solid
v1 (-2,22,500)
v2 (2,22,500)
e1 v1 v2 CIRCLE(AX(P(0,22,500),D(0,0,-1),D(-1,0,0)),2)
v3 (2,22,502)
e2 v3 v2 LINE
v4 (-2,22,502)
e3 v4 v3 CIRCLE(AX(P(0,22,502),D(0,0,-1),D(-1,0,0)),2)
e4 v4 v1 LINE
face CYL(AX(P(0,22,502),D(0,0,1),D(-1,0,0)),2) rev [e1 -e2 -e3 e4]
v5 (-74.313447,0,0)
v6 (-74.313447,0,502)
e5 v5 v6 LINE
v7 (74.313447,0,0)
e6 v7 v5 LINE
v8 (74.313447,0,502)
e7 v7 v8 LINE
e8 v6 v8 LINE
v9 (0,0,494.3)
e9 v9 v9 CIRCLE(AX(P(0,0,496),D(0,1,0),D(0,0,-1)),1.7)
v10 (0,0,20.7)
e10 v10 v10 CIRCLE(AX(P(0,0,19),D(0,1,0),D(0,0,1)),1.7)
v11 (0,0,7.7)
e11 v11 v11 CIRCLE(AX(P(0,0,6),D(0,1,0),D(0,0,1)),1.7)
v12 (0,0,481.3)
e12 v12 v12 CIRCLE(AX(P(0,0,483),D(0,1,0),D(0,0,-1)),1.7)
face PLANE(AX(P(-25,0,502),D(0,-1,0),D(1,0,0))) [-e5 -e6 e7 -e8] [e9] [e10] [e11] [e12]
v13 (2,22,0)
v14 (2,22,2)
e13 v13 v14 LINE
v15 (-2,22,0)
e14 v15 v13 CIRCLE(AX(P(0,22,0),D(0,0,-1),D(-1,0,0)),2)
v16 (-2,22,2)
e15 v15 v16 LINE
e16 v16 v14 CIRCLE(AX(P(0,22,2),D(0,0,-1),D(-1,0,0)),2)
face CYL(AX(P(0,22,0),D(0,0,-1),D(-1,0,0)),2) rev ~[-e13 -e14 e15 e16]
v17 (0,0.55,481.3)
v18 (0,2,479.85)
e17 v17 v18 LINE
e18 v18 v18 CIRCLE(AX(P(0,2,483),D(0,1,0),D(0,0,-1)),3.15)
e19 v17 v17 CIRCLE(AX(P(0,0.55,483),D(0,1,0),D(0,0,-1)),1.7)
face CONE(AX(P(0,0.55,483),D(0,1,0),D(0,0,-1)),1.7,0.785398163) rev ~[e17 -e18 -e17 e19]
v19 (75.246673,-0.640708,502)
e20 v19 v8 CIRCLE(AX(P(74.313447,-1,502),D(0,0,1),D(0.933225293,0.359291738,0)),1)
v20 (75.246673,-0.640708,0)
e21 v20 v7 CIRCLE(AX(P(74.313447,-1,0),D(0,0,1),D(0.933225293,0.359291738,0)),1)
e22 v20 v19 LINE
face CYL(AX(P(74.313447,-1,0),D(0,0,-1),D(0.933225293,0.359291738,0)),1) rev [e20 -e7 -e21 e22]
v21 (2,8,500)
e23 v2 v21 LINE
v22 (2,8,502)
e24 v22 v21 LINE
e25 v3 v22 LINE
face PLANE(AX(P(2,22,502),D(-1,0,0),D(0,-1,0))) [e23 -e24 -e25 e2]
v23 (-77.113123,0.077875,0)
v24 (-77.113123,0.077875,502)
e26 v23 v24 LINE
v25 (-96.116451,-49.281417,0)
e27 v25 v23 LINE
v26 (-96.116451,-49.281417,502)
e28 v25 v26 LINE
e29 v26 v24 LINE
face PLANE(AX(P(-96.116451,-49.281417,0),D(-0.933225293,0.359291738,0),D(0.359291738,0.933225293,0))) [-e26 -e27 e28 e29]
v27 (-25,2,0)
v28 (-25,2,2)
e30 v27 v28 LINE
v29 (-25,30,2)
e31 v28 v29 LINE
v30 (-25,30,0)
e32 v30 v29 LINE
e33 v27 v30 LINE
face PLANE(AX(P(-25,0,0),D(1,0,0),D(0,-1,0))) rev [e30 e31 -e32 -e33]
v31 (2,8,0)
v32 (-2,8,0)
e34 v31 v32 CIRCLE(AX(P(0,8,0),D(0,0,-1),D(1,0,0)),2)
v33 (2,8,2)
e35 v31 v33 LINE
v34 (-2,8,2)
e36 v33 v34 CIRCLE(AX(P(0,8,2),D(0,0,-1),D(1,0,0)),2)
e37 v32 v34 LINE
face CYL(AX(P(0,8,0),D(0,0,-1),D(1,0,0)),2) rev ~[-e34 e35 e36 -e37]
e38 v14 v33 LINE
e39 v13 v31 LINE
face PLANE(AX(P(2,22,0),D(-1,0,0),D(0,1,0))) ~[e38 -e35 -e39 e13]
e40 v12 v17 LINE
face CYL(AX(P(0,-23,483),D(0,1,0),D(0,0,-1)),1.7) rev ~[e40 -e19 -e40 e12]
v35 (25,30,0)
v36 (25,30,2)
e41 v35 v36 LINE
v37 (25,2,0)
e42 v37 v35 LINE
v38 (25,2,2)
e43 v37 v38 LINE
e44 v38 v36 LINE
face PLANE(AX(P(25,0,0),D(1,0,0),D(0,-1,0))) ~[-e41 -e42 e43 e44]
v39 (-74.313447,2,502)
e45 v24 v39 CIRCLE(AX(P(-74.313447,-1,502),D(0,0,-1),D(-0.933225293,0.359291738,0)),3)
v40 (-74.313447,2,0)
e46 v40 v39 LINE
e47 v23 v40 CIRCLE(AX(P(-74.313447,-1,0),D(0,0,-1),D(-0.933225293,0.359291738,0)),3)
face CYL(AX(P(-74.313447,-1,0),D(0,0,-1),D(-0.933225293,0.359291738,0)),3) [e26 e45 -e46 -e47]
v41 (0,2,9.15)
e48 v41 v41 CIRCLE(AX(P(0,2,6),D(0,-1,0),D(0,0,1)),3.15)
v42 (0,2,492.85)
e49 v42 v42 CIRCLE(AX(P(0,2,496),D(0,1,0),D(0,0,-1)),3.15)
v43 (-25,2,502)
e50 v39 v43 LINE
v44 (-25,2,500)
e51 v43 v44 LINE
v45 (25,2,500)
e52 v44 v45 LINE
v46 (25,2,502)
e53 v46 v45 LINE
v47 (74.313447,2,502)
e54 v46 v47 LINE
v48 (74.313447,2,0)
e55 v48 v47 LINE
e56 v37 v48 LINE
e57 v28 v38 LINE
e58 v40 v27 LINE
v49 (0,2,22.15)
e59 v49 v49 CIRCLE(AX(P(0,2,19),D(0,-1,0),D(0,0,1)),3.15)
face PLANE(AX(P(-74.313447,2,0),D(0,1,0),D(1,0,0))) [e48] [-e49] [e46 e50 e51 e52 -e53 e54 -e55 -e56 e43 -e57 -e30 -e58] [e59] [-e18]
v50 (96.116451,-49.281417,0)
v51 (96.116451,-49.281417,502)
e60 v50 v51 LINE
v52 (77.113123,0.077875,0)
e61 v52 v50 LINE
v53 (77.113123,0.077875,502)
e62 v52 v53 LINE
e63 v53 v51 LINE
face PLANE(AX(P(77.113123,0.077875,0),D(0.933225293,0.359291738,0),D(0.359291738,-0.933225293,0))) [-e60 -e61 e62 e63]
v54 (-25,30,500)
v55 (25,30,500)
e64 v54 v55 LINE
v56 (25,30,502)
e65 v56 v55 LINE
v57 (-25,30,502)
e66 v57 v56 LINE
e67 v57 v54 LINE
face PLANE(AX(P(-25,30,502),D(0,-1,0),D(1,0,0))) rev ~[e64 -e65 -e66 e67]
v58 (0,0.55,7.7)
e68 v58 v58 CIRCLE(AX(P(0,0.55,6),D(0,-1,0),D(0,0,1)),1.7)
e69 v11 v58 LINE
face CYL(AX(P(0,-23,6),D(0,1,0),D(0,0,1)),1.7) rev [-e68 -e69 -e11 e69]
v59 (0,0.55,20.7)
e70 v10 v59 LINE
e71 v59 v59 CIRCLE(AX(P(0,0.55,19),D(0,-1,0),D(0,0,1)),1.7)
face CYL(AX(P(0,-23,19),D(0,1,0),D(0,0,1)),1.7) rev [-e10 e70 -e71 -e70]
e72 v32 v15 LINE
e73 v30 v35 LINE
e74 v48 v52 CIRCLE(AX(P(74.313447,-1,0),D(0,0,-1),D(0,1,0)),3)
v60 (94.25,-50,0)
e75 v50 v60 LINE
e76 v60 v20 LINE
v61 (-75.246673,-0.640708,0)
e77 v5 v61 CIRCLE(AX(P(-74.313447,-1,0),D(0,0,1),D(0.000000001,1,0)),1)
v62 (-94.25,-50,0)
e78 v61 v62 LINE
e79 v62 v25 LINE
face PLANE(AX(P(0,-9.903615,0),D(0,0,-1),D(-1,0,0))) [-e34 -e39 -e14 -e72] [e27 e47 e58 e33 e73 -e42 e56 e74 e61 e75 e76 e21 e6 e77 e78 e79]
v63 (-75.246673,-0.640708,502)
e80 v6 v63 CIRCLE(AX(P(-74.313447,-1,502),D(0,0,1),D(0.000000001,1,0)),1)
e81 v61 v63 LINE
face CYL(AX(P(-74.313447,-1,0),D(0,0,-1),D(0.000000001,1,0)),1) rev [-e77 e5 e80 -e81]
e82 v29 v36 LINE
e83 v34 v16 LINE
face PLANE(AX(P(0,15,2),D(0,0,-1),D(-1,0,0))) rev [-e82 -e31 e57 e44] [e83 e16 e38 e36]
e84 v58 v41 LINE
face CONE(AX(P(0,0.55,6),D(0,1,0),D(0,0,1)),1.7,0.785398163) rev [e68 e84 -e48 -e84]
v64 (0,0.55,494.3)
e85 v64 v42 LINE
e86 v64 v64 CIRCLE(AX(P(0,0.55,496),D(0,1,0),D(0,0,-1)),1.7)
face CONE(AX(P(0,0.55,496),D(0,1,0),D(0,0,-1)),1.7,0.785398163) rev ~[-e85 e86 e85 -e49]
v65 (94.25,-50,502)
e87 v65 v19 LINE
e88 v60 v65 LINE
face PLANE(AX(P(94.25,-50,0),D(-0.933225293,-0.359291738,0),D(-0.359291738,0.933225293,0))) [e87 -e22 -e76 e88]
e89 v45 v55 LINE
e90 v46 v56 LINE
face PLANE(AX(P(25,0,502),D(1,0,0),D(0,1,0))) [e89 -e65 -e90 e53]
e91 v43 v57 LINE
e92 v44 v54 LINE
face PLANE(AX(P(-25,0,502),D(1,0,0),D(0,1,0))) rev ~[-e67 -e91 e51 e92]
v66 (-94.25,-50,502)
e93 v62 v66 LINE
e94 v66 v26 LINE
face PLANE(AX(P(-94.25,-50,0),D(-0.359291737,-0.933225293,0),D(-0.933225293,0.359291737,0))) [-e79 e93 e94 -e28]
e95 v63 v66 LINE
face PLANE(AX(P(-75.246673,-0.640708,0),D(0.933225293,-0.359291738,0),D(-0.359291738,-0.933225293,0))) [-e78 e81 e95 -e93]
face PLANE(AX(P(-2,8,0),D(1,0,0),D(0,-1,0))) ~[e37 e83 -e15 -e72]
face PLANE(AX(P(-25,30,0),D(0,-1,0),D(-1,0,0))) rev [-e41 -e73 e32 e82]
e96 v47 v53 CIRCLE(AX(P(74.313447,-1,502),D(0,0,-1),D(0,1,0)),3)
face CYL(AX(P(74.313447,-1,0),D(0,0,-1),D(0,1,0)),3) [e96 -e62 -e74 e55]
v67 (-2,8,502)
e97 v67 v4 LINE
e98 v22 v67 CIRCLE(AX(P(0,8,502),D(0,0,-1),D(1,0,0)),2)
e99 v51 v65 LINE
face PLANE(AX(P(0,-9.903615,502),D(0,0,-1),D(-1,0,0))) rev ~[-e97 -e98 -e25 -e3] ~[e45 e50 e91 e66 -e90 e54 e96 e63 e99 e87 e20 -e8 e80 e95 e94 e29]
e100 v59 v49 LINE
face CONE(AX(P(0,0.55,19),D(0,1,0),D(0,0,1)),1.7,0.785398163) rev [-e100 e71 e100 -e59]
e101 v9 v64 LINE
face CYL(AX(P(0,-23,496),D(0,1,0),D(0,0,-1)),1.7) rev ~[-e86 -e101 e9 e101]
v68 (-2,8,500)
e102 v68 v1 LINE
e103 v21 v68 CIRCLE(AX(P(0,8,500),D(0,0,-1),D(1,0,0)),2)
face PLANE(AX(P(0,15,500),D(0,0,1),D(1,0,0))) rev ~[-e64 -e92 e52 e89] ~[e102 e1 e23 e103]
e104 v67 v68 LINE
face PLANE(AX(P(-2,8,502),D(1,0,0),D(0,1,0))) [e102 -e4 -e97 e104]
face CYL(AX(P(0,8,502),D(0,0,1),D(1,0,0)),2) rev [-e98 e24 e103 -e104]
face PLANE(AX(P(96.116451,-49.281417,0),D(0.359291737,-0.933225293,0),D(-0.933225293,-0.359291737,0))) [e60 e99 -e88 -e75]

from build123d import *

# Parameters (mm, degrees)
EXTRUDE_THIN1_DEPTH                          = 502
SKETCH3_W                                    = 50
SKETCH3_H                                    = 30
BOSS_EXTRUDE1_DEPTH                          = 2
CSK_FOR_M3_COUNTERSUNK_FLAT_HEAD_SCR_2_COUNT = 2
CSK_FOR_M3_COUNTERSUNK_FLAT_HEAD_SCR_2_PITCH = 13


with BuildPart() as part:
    # Sketch1 → Extrude-Thin1 (new body)
    with BuildSketch(Plane.XY):
        with BuildLine():
            Line((94.25, -50), (75.246672681, -0.640708262))
            ThreePointArc((75.246672681, -0.640708262), (74.879445737, -0.175593626), (74.313447388, 0))
            Line((74.313447388, 0), (-74.313447388, 0))
            ThreePointArc((-74.313447388, 0), (-74.879445737, -0.175593626), (-75.246672681, -0.640708262))
            Line((-75.246672681, -0.640708262), (-94.25, -50))
            Line((-94.25, -50), (-96.116450586, -49.281416525))
            Line((-96.116450586, -49.281416525), (-77.113123267, 0.077875213))
            ThreePointArc((-77.113123267, 0.077875213), (-76.011442435, 1.473219121), (-74.313447388, 2))
            Line((-74.313447388, 2), (74.313447388, 2))
            ThreePointArc((74.313447388, 2), (76.011442435, 1.473219121), (77.113123267, 0.077875213))
            Line((77.113123267, 0.077875213), (96.116450586, -49.281416525))
            Line((96.116450586, -49.281416525), (94.25, -50))
        make_face()
    extrude(amount=EXTRUDE_THIN1_DEPTH)

    # Sketch3 → Boss-Extrude1 (add)
    with BuildSketch(Plane.XY.offset(502)):
        with Locations((0, 15)):
            Rectangle(SKETCH3_W, SKETCH3_H)
        with BuildLine():
            Line((2, 22), (2, 8))
            ThreePointArc((2, 8), (0, 6), (-2, 8))
            Line((-2, 8), (-2, 22))
            ThreePointArc((-2, 22), (0, 24), (2, 22))
        make_face(mode=Mode.SUBTRACT)
    extrude(amount=-BOSS_EXTRUDE1_DEPTH)

    # Mirror1: part across plane


with BuildPart() as part_1:
    add(part.part)
    add(part.part.mirror(Plane.XY.offset(251)))

    # Sketch5 → CSK for M3 Countersunk Flat Head Screw1 (revolve, cut)
    with BuildSketch(Plane(origin=(0, 2, 19), x_dir=(0, 0, 1), z_dir=(1, 0, 0))):
        Polygon((0, 0), (0, 26.021463052), (1.7, 25), (1.7, 1.45), (3.15, 0), align=None)
    csk_for_m3_countersunk_flat_head_screw1 = revolve(axis=Axis((0, 8.35, 19), (0, -1, 0)), mode=Mode.SUBTRACT)

    # CSK for M3 Countersunk Flat Head Scr 2: CSK for M3 Countersunk Flat Head Screw1 ×2
    with Locations(*[(0, 0, -i * CSK_FOR_M3_COUNTERSUNK_FLAT_HEAD_SCR_2_PITCH) for i in range(1, CSK_FOR_M3_COUNTERSUNK_FLAT_HEAD_SCR_2_COUNT)]):
        add(csk_for_m3_countersunk_flat_head_screw1, mode=Mode.SUBTRACT)

    # Mirror2: CSK for M3 Countersunk Flat Head Screw1 across plane
    add(csk_for_m3_countersunk_flat_head_screw1.mirror(Plane.XY.offset(251)), mode=Mode.SUBTRACT)

    # Mirror2 copy 1 sketch → Mirror2 copy 1 (revolve, cut)
    with BuildSketch(Plane(origin=(0, 2, 496), x_dir=(0, 0, -1), z_dir=(1, 0, 0))):
        Polygon((0, 0), (0, -26.021463052), (1.7, -25), (1.7, -1.45), (3.15, 0), align=None)
    revolve(axis=Axis((0, 8.35, 496), (0, 1, 0)), mode=Mode.SUBTRACT)


solid = part_1.part
